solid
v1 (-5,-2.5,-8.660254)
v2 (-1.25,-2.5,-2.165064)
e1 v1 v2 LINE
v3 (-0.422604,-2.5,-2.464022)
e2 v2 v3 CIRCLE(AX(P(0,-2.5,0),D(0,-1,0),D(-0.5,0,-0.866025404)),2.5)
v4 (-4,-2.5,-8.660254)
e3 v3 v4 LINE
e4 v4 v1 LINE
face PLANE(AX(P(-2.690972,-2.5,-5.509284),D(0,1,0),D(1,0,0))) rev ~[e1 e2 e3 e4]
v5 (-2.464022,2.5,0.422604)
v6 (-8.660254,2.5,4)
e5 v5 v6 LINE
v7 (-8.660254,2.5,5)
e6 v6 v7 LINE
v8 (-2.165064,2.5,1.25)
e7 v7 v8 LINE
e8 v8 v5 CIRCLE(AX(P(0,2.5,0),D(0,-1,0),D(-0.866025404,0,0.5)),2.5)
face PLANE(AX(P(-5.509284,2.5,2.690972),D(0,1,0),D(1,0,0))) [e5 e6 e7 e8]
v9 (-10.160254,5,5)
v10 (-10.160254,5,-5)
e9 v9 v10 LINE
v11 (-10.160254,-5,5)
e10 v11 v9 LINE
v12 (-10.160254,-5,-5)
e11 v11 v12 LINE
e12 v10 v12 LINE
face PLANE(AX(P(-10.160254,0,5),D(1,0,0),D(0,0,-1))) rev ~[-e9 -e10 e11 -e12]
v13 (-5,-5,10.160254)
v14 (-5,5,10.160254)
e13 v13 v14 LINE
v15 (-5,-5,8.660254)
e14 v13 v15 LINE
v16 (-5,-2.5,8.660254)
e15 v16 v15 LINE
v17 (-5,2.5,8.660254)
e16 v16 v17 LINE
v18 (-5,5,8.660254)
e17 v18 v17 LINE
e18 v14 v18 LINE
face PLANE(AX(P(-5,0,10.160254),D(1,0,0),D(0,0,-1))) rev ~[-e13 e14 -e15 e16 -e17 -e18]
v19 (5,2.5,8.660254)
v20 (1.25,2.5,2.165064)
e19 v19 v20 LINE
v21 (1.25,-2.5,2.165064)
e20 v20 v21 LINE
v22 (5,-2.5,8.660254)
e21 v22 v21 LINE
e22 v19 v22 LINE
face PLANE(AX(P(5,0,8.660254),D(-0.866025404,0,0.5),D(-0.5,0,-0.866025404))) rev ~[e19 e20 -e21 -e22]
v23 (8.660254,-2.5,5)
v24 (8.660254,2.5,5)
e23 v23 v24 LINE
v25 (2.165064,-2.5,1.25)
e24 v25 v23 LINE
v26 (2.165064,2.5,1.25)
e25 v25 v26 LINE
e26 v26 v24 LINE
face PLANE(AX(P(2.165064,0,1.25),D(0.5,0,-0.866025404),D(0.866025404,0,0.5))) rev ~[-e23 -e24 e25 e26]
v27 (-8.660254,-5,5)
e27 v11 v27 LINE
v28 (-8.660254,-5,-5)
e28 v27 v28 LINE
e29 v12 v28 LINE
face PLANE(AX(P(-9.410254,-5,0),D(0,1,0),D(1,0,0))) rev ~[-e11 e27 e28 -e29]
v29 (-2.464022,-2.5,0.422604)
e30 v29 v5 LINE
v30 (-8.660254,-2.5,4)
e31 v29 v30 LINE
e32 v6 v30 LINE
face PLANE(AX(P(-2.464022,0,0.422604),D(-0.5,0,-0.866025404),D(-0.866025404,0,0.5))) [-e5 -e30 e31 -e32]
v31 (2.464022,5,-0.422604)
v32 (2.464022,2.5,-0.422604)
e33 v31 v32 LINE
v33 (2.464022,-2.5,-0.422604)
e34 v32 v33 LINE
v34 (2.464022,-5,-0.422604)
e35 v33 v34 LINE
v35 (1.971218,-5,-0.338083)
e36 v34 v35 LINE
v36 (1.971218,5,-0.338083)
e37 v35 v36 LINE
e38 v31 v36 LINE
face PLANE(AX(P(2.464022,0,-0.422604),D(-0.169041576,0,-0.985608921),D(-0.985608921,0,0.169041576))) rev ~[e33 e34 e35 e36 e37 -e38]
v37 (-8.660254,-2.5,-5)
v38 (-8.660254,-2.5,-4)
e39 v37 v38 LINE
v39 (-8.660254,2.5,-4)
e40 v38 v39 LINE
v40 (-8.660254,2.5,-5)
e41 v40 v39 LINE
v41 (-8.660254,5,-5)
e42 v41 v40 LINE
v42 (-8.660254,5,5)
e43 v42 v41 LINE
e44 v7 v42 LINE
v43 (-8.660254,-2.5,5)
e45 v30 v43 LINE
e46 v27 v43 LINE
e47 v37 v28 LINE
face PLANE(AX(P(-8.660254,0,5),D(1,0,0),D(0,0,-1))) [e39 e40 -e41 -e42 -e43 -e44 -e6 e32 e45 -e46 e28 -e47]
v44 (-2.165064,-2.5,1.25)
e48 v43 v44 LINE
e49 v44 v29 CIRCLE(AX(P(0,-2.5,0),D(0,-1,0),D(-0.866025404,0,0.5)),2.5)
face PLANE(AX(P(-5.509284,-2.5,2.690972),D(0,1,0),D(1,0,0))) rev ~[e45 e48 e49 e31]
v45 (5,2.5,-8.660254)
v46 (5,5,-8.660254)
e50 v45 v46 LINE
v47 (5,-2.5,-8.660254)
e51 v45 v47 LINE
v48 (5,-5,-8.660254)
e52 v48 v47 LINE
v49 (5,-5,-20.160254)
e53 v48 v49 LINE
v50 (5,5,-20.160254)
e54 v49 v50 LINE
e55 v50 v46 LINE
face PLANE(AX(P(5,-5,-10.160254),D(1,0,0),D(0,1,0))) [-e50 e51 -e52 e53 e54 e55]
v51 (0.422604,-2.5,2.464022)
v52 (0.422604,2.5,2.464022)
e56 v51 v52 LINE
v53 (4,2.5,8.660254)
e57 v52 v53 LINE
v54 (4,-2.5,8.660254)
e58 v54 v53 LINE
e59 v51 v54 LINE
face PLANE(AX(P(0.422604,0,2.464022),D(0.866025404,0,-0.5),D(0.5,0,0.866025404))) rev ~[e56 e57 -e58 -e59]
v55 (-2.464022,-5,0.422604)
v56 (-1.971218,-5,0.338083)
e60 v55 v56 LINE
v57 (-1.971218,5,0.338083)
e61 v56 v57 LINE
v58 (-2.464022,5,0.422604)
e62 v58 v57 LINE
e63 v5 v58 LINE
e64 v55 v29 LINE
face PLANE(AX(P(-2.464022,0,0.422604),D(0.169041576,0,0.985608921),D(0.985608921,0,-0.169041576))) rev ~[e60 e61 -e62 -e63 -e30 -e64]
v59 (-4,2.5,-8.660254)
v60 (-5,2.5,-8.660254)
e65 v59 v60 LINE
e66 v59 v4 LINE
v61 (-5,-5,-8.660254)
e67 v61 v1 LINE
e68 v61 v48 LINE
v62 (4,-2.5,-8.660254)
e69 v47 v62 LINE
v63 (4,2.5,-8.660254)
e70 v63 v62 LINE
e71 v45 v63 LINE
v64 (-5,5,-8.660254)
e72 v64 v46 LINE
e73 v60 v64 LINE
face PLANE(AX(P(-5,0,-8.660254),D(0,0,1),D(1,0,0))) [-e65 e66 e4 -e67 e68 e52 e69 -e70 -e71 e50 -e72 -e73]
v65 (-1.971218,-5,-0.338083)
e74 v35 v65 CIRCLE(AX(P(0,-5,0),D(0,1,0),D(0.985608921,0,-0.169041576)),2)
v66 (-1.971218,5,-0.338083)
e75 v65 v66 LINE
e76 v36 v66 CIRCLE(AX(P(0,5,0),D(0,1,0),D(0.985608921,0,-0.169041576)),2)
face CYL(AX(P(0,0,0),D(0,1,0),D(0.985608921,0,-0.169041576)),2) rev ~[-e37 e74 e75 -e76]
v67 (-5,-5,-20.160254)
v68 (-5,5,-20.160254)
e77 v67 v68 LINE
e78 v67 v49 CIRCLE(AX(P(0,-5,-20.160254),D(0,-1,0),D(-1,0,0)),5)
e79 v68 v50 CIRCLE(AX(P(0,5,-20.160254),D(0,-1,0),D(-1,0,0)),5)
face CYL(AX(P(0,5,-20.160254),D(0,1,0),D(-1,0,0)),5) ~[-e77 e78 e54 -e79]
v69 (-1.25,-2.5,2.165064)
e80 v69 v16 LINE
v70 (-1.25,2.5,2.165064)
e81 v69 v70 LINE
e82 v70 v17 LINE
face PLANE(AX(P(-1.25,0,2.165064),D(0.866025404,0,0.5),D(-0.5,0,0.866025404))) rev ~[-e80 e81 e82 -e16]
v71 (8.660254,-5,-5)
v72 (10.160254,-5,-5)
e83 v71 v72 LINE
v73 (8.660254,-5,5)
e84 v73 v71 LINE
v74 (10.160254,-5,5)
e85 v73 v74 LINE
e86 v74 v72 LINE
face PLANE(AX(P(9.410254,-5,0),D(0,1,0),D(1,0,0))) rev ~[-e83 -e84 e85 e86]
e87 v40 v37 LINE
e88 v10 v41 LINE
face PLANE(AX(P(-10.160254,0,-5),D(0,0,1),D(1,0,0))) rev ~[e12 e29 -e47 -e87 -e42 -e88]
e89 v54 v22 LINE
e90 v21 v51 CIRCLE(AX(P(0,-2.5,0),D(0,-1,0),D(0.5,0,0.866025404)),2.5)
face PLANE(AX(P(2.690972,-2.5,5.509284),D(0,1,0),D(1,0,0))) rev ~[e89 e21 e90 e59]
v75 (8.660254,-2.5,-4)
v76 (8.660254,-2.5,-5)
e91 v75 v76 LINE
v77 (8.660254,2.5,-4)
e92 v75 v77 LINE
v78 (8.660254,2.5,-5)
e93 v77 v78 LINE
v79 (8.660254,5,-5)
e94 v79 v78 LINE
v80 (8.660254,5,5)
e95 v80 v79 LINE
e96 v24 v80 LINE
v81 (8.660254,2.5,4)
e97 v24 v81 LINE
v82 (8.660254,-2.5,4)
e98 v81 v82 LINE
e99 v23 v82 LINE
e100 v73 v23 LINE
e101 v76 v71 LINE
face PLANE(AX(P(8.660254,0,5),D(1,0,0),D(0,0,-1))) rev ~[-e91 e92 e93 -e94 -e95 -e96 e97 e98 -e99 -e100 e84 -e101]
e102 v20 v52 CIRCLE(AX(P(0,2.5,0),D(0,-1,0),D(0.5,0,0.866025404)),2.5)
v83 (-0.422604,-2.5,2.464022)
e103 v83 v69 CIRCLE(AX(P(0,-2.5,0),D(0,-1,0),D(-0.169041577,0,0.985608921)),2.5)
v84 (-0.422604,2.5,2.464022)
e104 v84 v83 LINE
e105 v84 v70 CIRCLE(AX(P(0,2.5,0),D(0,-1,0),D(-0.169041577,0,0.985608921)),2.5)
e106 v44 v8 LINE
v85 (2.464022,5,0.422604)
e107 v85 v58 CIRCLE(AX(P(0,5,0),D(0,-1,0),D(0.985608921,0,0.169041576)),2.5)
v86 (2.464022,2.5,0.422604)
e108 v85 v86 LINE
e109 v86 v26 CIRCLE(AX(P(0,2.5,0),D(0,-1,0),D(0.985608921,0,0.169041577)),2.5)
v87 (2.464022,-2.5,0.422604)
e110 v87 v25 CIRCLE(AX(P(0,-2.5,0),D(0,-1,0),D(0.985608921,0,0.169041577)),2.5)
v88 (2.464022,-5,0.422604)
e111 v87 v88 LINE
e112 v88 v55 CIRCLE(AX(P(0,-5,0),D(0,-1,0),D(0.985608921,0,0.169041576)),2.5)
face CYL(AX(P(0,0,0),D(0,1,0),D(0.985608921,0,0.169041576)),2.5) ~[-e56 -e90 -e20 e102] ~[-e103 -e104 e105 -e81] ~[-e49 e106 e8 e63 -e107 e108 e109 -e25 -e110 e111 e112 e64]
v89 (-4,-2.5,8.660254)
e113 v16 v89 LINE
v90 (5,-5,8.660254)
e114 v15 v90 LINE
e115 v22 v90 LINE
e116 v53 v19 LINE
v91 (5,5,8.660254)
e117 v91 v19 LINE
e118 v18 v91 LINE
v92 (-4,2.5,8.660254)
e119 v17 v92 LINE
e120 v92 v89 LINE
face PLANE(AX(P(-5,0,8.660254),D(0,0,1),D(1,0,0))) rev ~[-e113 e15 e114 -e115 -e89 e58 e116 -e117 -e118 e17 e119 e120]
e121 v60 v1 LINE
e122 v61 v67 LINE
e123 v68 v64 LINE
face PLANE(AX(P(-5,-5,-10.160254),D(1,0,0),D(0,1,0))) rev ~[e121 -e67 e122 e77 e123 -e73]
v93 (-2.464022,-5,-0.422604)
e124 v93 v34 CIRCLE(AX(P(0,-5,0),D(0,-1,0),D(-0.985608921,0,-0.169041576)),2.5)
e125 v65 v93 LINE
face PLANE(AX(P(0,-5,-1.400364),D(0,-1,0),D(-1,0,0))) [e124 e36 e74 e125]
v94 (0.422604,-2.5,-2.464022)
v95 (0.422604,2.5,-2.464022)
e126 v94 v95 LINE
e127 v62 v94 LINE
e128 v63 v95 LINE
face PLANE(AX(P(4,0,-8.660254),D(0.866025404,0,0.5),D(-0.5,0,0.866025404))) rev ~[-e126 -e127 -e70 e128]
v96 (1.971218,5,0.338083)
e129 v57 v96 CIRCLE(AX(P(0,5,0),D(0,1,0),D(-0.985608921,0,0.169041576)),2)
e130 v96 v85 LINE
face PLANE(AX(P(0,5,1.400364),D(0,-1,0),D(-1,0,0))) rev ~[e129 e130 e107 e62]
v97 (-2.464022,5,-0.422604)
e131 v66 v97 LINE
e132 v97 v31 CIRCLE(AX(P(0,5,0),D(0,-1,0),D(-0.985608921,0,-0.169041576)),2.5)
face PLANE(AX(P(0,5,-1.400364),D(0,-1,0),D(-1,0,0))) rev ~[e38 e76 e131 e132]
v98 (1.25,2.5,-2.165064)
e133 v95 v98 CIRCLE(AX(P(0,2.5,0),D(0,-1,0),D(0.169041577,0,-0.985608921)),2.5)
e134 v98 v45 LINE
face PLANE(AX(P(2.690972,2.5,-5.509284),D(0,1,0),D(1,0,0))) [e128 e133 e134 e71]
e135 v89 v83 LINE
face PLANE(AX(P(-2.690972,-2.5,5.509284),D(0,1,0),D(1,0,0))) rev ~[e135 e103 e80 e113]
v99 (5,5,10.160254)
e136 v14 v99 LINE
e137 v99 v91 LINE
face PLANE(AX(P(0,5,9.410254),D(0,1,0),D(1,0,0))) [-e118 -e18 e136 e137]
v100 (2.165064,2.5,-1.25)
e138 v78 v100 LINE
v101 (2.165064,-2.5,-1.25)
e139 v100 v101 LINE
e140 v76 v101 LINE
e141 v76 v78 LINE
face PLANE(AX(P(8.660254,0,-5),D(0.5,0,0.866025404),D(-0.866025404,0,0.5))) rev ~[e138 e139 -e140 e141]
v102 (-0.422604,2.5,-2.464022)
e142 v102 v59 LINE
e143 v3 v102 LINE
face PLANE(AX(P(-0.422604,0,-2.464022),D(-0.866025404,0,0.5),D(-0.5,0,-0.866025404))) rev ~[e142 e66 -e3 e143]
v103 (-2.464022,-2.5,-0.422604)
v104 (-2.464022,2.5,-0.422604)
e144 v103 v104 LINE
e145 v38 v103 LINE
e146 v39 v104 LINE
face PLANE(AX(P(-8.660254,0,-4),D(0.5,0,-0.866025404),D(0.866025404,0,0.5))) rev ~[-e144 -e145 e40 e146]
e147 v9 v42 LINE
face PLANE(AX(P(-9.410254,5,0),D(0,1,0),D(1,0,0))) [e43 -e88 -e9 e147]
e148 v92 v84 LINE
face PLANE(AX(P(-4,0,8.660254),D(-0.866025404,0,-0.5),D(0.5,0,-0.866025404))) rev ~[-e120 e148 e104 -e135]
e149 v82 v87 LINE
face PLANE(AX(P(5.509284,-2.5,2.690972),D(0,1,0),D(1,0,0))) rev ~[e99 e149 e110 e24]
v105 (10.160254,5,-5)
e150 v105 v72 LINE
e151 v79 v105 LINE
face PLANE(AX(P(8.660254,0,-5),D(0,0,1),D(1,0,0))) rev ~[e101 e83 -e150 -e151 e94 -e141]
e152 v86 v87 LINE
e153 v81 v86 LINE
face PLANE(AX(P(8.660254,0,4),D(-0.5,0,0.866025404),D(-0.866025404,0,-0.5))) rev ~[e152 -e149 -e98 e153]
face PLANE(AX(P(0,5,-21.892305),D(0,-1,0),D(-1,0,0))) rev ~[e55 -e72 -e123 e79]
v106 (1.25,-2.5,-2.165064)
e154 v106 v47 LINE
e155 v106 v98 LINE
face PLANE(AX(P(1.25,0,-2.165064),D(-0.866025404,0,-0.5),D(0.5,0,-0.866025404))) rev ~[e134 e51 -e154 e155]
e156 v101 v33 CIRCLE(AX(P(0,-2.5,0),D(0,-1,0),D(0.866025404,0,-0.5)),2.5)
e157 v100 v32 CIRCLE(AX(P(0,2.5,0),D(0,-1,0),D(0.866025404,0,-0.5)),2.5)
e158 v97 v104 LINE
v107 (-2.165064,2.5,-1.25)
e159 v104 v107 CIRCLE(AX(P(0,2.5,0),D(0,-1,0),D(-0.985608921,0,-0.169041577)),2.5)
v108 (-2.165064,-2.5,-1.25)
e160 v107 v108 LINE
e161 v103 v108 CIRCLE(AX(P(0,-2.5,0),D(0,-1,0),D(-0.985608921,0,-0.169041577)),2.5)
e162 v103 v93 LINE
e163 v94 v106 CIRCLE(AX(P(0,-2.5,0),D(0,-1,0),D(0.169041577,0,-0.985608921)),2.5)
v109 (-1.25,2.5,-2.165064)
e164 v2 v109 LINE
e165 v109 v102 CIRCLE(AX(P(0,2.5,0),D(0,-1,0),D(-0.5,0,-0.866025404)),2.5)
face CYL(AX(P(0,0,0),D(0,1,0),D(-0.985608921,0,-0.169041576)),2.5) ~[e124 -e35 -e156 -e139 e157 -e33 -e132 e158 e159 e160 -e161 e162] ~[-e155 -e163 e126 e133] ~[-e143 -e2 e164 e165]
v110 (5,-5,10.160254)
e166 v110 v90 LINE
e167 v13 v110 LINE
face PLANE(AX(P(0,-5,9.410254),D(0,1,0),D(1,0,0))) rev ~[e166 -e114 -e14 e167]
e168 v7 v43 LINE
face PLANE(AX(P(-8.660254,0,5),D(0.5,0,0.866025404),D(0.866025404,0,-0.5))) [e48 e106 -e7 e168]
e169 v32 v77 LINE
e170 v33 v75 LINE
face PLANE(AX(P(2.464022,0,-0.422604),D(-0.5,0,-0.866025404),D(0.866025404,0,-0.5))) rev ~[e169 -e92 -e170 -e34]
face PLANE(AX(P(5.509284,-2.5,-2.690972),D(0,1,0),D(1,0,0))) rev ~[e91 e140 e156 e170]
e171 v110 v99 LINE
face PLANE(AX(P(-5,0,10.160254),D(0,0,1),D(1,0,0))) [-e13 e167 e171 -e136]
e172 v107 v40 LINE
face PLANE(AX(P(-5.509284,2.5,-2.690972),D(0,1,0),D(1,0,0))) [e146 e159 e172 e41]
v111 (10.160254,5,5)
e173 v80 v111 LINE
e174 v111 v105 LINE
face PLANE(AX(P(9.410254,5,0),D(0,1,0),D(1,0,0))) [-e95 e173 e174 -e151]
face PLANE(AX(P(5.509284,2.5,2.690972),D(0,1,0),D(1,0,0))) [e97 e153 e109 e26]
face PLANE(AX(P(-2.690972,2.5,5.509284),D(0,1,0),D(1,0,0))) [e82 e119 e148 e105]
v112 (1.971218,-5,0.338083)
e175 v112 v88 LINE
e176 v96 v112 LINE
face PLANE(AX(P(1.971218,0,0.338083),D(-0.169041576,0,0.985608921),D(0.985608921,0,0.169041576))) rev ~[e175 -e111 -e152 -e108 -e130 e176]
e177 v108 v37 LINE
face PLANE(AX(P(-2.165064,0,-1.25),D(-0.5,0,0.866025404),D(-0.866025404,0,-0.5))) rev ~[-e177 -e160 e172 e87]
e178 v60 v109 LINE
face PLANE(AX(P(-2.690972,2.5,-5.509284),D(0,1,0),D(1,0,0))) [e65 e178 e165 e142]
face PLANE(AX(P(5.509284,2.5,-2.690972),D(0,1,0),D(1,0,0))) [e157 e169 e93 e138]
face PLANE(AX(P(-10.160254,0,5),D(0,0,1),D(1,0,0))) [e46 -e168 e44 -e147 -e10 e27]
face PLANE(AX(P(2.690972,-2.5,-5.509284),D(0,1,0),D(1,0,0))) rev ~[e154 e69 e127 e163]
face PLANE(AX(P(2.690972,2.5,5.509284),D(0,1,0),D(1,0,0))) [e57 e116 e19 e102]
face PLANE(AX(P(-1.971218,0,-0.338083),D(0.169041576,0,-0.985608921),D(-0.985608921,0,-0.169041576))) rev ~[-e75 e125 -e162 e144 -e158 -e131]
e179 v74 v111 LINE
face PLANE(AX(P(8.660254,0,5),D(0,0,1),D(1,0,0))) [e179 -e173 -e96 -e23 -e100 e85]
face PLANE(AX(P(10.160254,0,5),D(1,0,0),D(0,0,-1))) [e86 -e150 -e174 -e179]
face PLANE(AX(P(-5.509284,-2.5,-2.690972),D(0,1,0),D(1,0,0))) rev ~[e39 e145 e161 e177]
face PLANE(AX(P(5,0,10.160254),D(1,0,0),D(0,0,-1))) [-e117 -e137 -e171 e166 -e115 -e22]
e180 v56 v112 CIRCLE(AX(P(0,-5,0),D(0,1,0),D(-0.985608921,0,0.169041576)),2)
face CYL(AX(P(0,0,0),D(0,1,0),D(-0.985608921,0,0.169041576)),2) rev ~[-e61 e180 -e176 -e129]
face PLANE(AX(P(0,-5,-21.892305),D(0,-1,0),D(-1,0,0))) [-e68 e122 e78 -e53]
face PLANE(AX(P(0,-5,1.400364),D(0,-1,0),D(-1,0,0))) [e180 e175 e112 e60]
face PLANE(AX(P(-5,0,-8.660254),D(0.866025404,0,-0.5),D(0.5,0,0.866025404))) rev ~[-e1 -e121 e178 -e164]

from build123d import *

# Parameters (mm, degrees)
SKETCH1_W                     = 10
SKETCH1_H                     = 1.5
BASE_BUTTERFLY_BLOCKS_DEPTH   = 5
SKETCH1_W_2                   = 1.5
SKETCH1_H_2                   = 10
BASE_BUTTERFLY_BLOCKS_2_DEPTH = 5
BASE_BUTTERFLY_BLOCKS_3_DEPTH = 5
BASE_BUTTERFLY_BLOCKS_4_DEPTH = 5
BASE_BUTTERFLY_BLOCKS_5_DEPTH = 5
BASE_BUTTERFLY_BLOCKS_6_DEPTH = 5
BASE_BUTTERFLY_FLEXURES_DEPTH = 2.5
SKETCH3_W                     = 10
SKETCH3_H                     = 10
BOSS_EXTRUDE4_DEPTH           = 10
BOSS_EXTRUDE5_DEPTH           = 10


with BuildPart() as part:
    # Sketch1 → base_butterfly_blocks (new, symmetric)
    with BuildSketch(Plane(origin=(0, 0, 0), x_dir=(1, 0, 0), z_dir=(0, 1, 0))):
        with Locations((0, -9.410254038)):
            Rectangle(SKETCH1_W, SKETCH1_H)
    extrude(amount=BASE_BUTTERFLY_BLOCKS_DEPTH, both=True)



with BuildPart() as body_2:
    # Sketch1 → base_butterfly_blocks 2 (new, symmetric)
    with BuildSketch(Plane(origin=(0, 0, 0), x_dir=(1, 0, 0), z_dir=(0, 1, 0))):
        with Locations((-9.410254038, 0)):
            Rectangle(SKETCH1_W_2, SKETCH1_H_2)
    extrude(amount=BASE_BUTTERFLY_BLOCKS_2_DEPTH, both=True)


with BuildPart() as body_3:
    # Sketch1 → base_butterfly_blocks 3 (new, symmetric)
    with BuildSketch(Plane(origin=(0, 0, 0), x_dir=(1, 0, 0), z_dir=(0, 1, 0))):
        with Locations((0, 9.410254038)):
            Rectangle(SKETCH1_W, SKETCH1_H)
    extrude(amount=BASE_BUTTERFLY_BLOCKS_3_DEPTH, both=True)


with BuildPart() as body_4:
    # Sketch1 → base_butterfly_blocks 4 (new, symmetric)
    with BuildSketch(Plane(origin=(0, 0, 0), x_dir=(1, 0, 0), z_dir=(0, 1, 0))):
        with Locations((9.410254038, 0)):
            Rectangle(SKETCH1_W_2, SKETCH1_H_2)
    extrude(amount=BASE_BUTTERFLY_BLOCKS_4_DEPTH, both=True)


with BuildPart() as body_5:
    # Sketch1 → base_butterfly_blocks 5 (new, symmetric)
    with BuildSketch(Plane(origin=(0, 0, 0), x_dir=(1, 0, 0), z_dir=(0, 1, 0))):
        with BuildLine():
            Line((-1.971217842, 0.338083152), (-2.464022303, 0.42260394))
            ThreePointArc((-2.464022303, 0.42260394), (0, 2.5), (2.464022303, 0.42260394))
            Line((2.464022303, 0.42260394), (1.971217842, 0.338083152))
            ThreePointArc((1.971217842, 0.338083152), (0, 2), (-1.971217842, 0.338083152))
        make_face()
    extrude(amount=BASE_BUTTERFLY_BLOCKS_5_DEPTH, both=True)


with BuildPart() as body_6:
    # Sketch1 → base_butterfly_blocks 6 (new, symmetric)
    with BuildSketch(Plane(origin=(0, 0, 0), x_dir=(1, 0, 0), z_dir=(0, 1, 0))):
        with BuildLine():
            ThreePointArc((-1.971217842, -0.338083152), (0, -2), (1.971217842, -0.338083152))
            Line((1.971217842, -0.338083152), (2.464022303, -0.42260394))
            ThreePointArc((2.464022303, -0.42260394), (0, -2.5), (-2.464022303, -0.42260394))
            Line((-2.464022303, -0.42260394), (-1.971217842, -0.338083152))
        make_face()
    extrude(amount=BASE_BUTTERFLY_BLOCKS_6_DEPTH, both=True)


with BuildPart() as part_1:
    add(part.part)

    add(body_2.part)  # base_butterfly_flexures merges body 2

    add(body_3.part)  # base_butterfly_flexures merges body 3

    add(body_4.part)  # base_butterfly_flexures merges body 4

    add(body_5.part)  # base_butterfly_flexures merges body 5

    add(body_6.part)  # base_butterfly_flexures merges body 6
    # Sketch1<4> → base_butterfly_flexures (add, symmetric)
    with BuildSketch(Plane(origin=(0, 0, 0), x_dir=(1, 0, 0), z_dir=(0, 1, 0))):
        with BuildLine():
            Line((-8.660254038, 5), (-8.660254038, 4))
            Line((-8.660254038, 4), (-2.464022303, 0.42260394))
            ThreePointArc((-2.464022303, 0.42260394), (-2.351224133, 0.84955581), (-2.165063509, 1.25))
            Line((-2.165063509, 1.25), (-8.660254038, 5))
        make_face()
        with BuildLine():
            Line((-5, 8.660254038), (-1.25, 2.165063509))
            ThreePointArc((-1.25, 2.165063509), (-0.84955581, 2.351224133), (-0.42260394, 2.464022303))
            Line((-0.42260394, 2.464022303), (-4, 8.660254038))
            Line((-4, 8.660254038), (-5, 8.660254038))
        make_face()
        with BuildLine():
            Line((4, 8.660254038), (0.42260394, 2.464022303))
            ThreePointArc((0.42260394, 2.464022303), (0.84955581, 2.351224133), (1.25, 2.165063509))
            Line((1.25, 2.165063509), (5, 8.660254038))
            Line((5, 8.660254038), (4, 8.660254038))
        make_face()
        with BuildLine():
            Line((2.464022303, 0.42260394), (8.660254038, 4))
            Line((8.660254038, 4), (8.660254038, 5))
            Line((8.660254038, 5), (2.165063509, 1.25))
            ThreePointArc((2.165063509, 1.25), (2.351224133, 0.84955581), (2.464022303, 0.42260394))
        make_face()
        with BuildLine():
            ThreePointArc((2.464022303, -0.42260394), (2.351224133, -0.84955581), (2.165063509, -1.25))
            Line((2.165063509, -1.25), (8.660254038, -5))
            Line((8.660254038, -5), (8.660254038, -4))
            Line((8.660254038, -4), (2.464022303, -0.42260394))
        make_face()
        with BuildLine():
            ThreePointArc((1.25, -2.165063509), (0.84955581, -2.351224133), (0.42260394, -2.464022303))
            Line((0.42260394, -2.464022303), (4, -8.660254038))
            Line((4, -8.660254038), (5, -8.660254038))
            Line((5, -8.660254038), (1.25, -2.165063509))
        make_face()
        with BuildLine():
            ThreePointArc((-0.42260394, -2.464022303), (-0.84955581, -2.351224133), (-1.25, -2.165063509))
            Line((-1.25, -2.165063509), (-5, -8.660254038))
            Line((-5, -8.660254038), (-4, -8.660254038))
            Line((-4, -8.660254038), (-0.42260394, -2.464022303))
        make_face()
        with BuildLine():
            Line((-8.660254038, -5), (-2.165063509, -1.25))
            ThreePointArc((-2.165063509, -1.25), (-2.351224133, -0.84955581), (-2.464022303, -0.42260394))
            Line((-2.464022303, -0.42260394), (-8.660254038, -4))
            Line((-8.660254038, -4), (-8.660254038, -5))
        make_face()
    extrude(amount=BASE_BUTTERFLY_FLEXURES_DEPTH, both=True)

    # Sketch3 → Boss-Extrude4 (add)
    with BuildSketch(Plane(origin=(0, 0, -10.160254038), x_dir=(-1, 0, 0), z_dir=(0, 0, -1))):
        Rectangle(SKETCH3_W, SKETCH3_H)
    extrude(amount=BOSS_EXTRUDE4_DEPTH)

    # Sketch4 → Boss-Extrude5 (add)
    with BuildSketch(Plane(origin=(0, 5, 0), x_dir=(1, 0, 0), z_dir=(0, 1, 0))):
        with BuildLine():
            ThreePointArc((-5, 20.160254038), (0, 25.160254038), (5, 20.160254038))
            Line((5, 20.160254038), (-5, 20.160254038))
        make_face()
    extrude(amount=-BOSS_EXTRUDE5_DEPTH)


solid = part_1.part
